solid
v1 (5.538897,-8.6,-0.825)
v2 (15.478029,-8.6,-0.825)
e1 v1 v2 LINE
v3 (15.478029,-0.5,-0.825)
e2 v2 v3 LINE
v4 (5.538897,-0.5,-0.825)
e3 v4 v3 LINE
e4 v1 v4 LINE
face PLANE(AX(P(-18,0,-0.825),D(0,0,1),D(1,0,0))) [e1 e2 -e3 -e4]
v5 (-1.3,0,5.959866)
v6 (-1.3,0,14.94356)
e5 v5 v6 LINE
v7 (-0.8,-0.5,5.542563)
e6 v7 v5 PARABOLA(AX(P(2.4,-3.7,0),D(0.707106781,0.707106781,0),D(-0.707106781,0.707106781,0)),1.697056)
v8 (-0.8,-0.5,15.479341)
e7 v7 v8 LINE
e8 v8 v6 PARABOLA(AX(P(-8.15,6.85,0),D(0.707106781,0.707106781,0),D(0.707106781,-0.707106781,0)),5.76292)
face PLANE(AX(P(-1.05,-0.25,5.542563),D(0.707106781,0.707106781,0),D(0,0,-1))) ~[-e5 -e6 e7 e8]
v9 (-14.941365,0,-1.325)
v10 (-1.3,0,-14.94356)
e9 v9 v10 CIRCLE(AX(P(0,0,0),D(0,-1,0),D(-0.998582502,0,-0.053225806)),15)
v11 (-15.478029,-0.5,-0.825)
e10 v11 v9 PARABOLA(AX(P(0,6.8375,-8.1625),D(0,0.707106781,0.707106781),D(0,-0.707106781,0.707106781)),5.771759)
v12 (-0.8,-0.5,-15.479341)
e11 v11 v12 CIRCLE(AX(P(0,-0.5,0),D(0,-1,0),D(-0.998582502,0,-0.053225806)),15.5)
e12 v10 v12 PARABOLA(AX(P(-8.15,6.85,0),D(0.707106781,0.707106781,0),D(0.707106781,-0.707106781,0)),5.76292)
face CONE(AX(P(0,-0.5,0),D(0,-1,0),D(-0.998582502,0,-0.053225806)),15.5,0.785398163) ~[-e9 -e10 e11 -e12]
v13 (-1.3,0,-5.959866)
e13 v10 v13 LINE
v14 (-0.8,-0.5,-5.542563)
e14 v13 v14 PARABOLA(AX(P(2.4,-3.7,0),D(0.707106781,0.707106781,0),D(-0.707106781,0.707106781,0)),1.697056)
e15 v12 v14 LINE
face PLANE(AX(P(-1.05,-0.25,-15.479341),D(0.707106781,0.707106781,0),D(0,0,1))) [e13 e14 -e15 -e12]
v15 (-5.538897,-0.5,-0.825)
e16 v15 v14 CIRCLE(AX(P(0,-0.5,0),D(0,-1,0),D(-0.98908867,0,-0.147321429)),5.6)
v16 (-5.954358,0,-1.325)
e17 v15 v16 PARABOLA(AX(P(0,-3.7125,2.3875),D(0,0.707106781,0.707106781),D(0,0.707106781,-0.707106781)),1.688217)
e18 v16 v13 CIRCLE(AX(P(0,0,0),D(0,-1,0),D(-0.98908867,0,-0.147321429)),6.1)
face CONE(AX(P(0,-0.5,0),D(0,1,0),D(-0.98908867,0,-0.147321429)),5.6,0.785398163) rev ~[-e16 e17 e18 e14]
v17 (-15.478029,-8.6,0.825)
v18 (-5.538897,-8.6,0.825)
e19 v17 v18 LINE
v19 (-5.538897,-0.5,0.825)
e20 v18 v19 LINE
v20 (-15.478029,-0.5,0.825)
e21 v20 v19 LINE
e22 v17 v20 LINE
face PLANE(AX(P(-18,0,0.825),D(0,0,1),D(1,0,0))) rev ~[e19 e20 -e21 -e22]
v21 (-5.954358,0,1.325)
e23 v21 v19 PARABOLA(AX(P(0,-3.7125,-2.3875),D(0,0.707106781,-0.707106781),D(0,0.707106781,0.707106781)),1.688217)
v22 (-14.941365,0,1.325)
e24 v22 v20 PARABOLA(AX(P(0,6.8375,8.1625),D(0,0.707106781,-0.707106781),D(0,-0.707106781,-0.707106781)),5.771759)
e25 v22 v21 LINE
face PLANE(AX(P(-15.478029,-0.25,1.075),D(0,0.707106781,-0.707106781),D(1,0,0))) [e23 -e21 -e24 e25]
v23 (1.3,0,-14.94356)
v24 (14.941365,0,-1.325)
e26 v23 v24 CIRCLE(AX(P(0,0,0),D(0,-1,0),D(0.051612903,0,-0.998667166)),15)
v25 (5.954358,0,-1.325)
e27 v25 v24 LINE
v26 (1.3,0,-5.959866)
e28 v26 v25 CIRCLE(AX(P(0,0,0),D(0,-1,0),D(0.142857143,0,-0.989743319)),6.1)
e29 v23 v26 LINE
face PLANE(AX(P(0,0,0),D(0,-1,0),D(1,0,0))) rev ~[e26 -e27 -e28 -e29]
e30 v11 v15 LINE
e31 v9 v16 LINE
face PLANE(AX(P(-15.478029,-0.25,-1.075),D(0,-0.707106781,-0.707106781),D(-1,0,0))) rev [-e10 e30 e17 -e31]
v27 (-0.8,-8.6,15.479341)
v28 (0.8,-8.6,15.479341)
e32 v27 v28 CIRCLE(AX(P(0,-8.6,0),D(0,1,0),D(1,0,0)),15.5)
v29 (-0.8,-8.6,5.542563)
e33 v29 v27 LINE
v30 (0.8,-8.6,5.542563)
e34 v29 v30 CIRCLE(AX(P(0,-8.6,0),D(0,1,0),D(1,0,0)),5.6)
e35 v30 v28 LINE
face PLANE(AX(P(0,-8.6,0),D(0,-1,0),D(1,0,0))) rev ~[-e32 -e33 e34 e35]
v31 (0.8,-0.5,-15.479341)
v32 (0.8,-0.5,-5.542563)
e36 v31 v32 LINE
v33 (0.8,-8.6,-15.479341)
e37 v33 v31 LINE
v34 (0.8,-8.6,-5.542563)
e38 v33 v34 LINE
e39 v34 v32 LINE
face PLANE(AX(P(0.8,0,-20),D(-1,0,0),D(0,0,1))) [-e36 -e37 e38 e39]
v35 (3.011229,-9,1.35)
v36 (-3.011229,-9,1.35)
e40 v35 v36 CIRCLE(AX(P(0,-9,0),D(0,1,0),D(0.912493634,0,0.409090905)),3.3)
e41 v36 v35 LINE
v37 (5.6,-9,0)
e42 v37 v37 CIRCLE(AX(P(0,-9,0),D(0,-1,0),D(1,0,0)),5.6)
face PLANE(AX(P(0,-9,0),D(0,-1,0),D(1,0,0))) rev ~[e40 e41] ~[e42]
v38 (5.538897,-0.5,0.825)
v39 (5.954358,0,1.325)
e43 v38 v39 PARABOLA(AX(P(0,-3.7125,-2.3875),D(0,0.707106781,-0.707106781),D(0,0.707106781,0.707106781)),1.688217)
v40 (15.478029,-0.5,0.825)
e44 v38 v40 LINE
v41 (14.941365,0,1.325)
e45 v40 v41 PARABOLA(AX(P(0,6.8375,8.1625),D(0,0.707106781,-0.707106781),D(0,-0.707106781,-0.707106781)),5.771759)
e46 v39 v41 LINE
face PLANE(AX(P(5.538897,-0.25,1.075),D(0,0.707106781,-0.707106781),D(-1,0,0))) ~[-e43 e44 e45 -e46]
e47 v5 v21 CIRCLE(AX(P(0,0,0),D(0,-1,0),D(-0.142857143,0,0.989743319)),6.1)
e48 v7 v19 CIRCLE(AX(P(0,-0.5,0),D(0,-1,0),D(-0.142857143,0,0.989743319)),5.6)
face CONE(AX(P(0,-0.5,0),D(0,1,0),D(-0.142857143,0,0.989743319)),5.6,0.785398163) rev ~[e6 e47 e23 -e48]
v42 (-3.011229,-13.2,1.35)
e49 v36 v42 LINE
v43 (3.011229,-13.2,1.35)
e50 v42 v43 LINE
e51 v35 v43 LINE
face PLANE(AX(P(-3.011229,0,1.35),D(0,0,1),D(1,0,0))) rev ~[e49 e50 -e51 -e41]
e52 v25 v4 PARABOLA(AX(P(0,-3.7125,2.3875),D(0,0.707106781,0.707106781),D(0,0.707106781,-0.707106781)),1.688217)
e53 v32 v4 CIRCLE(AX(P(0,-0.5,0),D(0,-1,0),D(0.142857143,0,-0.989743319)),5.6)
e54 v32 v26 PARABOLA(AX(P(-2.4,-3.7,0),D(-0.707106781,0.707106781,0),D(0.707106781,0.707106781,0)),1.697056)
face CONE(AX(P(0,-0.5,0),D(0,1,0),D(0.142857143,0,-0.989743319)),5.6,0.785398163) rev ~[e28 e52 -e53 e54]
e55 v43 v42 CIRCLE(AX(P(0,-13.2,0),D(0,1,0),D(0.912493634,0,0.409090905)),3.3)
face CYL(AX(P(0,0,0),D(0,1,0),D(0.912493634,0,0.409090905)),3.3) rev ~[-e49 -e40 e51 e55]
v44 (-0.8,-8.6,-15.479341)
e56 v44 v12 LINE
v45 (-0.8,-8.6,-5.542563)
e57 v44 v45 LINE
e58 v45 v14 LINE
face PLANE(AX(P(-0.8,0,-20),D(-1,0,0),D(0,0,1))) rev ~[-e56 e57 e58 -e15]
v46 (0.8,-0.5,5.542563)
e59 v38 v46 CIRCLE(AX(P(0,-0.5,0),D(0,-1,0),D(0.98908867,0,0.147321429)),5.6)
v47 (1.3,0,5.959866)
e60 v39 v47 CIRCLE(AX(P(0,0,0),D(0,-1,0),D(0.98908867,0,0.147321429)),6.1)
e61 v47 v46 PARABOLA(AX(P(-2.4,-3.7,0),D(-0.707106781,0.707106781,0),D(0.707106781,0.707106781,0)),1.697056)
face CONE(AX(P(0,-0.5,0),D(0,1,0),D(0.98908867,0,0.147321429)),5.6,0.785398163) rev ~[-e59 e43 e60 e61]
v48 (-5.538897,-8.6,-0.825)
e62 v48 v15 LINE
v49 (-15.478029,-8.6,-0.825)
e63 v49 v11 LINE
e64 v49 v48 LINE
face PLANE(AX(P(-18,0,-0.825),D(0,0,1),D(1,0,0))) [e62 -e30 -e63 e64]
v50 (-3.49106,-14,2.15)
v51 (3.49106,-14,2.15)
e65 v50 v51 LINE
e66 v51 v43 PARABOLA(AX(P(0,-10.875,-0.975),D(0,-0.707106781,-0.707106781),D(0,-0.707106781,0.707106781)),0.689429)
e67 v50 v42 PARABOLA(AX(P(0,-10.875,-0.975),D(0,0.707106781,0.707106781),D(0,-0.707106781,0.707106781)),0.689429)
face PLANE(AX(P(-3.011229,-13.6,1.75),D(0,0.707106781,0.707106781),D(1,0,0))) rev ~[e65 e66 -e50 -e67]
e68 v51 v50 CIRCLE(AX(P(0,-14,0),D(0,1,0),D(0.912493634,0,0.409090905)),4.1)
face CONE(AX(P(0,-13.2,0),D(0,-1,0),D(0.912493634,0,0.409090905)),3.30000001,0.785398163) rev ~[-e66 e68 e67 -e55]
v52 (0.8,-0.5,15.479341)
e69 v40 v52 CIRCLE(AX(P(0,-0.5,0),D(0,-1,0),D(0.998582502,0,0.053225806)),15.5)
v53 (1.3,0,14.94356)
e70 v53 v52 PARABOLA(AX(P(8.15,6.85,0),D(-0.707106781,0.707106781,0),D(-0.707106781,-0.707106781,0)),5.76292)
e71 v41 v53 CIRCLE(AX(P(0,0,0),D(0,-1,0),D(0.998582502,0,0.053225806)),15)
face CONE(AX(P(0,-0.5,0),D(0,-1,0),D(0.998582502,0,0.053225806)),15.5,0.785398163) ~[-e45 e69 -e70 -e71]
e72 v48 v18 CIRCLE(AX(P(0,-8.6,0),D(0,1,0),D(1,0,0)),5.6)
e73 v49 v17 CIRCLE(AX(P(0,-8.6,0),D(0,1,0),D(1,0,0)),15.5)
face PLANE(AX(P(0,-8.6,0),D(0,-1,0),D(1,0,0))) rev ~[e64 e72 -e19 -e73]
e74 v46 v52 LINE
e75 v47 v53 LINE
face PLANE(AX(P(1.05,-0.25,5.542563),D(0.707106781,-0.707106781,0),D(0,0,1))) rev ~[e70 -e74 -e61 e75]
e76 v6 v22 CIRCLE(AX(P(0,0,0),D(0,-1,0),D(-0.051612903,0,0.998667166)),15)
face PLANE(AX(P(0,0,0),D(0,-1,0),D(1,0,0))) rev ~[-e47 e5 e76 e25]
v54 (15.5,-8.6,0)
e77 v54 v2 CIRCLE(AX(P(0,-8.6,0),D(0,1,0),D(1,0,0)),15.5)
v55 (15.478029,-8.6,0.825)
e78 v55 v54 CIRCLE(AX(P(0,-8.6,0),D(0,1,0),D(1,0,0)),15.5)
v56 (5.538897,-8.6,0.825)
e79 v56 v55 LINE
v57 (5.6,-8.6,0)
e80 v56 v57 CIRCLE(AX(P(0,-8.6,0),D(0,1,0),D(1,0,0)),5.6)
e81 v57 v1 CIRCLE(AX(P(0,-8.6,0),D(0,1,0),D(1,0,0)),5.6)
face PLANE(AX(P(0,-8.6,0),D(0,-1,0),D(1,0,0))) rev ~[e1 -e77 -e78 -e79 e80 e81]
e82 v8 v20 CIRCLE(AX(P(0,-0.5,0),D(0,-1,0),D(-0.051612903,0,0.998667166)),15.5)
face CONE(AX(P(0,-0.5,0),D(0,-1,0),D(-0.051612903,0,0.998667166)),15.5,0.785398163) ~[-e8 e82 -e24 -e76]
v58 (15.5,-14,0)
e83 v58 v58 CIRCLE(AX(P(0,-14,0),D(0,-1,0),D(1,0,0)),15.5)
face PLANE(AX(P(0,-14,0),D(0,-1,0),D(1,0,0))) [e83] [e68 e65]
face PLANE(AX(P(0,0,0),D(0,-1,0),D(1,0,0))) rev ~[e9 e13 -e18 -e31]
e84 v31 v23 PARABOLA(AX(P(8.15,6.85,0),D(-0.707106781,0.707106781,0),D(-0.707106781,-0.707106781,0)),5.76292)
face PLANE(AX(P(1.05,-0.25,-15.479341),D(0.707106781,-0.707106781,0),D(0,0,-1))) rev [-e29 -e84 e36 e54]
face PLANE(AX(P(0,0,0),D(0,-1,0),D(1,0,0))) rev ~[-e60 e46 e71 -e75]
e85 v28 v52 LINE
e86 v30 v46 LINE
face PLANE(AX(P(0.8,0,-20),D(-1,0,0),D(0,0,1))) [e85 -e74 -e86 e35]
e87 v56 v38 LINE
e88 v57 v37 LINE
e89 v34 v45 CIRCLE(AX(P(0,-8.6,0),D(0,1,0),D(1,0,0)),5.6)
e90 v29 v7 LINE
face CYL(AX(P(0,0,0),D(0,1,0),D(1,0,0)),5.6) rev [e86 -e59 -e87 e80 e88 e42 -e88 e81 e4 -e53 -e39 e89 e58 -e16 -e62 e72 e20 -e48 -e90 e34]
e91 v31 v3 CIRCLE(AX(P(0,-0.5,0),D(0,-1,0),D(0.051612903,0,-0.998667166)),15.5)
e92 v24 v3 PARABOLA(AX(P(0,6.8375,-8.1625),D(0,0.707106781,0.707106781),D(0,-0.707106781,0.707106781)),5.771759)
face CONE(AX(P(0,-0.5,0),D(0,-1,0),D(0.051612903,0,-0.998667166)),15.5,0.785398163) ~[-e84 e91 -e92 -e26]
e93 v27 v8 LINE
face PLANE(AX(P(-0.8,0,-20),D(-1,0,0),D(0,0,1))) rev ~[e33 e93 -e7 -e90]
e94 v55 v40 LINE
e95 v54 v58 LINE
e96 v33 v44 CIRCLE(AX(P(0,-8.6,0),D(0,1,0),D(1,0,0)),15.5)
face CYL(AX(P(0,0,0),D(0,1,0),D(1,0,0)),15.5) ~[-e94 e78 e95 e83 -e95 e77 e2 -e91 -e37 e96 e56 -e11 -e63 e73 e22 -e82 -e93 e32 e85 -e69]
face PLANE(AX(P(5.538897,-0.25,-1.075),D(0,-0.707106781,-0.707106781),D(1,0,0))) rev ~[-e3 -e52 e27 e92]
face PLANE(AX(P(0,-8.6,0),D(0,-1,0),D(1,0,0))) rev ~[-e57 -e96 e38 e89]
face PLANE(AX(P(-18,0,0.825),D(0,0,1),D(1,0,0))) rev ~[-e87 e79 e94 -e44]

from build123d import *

# Parameters (mm, degrees)
F0_R     = 15.5
F1_DEPTH = 14
F2_W     = 36
F2_H     = 1.65
F3_DEPTH = 8.6
F4_W     = 1.6
F4_H     = 40
F5_DEPTH = 8.6
F6_R     = 5.6
F7_DEPTH = 9
F8_SIZE  = 0.8
F9_SIZE  = 0.5


with BuildPart() as f1:
    # F0 (on Front) → F1 (new body)
    with BuildSketch(Plane.XZ):
        Circle(F0_R)
        with BuildLine():
            ThreePointArc((3.011229, 1.35), (0, -3.3), (-3.011229, 1.35))
            Line((-3.011229, 1.35), (3.011229, 1.35))
        make_face(mode=Mode.SUBTRACT)
    extrude(amount=F1_DEPTH)

    # F2 (on Front) → F3 (cut)
    with BuildSketch(Plane.XZ):
        Rectangle(F2_W, F2_H)
    extrude(amount=F3_DEPTH, mode=Mode.SUBTRACT)

    # F4 (on Front) → F5 (cut)
    with BuildSketch(Plane.XZ):
        Rectangle(F4_W, F4_H)
    extrude(amount=F5_DEPTH, mode=Mode.SUBTRACT)

    # F6 (on Front) → F7 (cut)
    with BuildSketch(Plane.XZ):
        Circle(F6_R)
    extrude(amount=F7_DEPTH, mode=Mode.SUBTRACT)

    # F8
    f8_edges = [f1.edges().sort_by_distance(p)[0] for p in [
        (0, -14, 1.35),
        (0, -14, -3.3),
    ]]
    chamfer(f8_edges, length=F8_SIZE)

    # F9
    f9_edges = [f1.edges().sort_by_distance(p)[0] for p in [
        (10.508463, 0, 0.825),
        (-10.508463, 0, 0.825),
        (-10.508463, 0, -0.825),
        (10.508463, 0, -0.825),
        (-0.8, 0, 10.510952),
        (-0.8, 0, -10.510952),
        (0.8, 0, 10.510952),
        (0.8, 0, -10.510952),
        (3.950855, 0, 3.968721),
        (-3.950855, 0, 3.968721),
        (-3.950855, 0, -3.968721),
        (3.950855, 0, -3.968721),
        (10.951301, 0, 10.969003),
        (-10.951301, 0, 10.969003),
        (-10.951301, 0, -10.969003),
        (10.951301, 0, -10.969003),
    ]]
    chamfer(f9_edges, length=F9_SIZE)


solid = f1.part
